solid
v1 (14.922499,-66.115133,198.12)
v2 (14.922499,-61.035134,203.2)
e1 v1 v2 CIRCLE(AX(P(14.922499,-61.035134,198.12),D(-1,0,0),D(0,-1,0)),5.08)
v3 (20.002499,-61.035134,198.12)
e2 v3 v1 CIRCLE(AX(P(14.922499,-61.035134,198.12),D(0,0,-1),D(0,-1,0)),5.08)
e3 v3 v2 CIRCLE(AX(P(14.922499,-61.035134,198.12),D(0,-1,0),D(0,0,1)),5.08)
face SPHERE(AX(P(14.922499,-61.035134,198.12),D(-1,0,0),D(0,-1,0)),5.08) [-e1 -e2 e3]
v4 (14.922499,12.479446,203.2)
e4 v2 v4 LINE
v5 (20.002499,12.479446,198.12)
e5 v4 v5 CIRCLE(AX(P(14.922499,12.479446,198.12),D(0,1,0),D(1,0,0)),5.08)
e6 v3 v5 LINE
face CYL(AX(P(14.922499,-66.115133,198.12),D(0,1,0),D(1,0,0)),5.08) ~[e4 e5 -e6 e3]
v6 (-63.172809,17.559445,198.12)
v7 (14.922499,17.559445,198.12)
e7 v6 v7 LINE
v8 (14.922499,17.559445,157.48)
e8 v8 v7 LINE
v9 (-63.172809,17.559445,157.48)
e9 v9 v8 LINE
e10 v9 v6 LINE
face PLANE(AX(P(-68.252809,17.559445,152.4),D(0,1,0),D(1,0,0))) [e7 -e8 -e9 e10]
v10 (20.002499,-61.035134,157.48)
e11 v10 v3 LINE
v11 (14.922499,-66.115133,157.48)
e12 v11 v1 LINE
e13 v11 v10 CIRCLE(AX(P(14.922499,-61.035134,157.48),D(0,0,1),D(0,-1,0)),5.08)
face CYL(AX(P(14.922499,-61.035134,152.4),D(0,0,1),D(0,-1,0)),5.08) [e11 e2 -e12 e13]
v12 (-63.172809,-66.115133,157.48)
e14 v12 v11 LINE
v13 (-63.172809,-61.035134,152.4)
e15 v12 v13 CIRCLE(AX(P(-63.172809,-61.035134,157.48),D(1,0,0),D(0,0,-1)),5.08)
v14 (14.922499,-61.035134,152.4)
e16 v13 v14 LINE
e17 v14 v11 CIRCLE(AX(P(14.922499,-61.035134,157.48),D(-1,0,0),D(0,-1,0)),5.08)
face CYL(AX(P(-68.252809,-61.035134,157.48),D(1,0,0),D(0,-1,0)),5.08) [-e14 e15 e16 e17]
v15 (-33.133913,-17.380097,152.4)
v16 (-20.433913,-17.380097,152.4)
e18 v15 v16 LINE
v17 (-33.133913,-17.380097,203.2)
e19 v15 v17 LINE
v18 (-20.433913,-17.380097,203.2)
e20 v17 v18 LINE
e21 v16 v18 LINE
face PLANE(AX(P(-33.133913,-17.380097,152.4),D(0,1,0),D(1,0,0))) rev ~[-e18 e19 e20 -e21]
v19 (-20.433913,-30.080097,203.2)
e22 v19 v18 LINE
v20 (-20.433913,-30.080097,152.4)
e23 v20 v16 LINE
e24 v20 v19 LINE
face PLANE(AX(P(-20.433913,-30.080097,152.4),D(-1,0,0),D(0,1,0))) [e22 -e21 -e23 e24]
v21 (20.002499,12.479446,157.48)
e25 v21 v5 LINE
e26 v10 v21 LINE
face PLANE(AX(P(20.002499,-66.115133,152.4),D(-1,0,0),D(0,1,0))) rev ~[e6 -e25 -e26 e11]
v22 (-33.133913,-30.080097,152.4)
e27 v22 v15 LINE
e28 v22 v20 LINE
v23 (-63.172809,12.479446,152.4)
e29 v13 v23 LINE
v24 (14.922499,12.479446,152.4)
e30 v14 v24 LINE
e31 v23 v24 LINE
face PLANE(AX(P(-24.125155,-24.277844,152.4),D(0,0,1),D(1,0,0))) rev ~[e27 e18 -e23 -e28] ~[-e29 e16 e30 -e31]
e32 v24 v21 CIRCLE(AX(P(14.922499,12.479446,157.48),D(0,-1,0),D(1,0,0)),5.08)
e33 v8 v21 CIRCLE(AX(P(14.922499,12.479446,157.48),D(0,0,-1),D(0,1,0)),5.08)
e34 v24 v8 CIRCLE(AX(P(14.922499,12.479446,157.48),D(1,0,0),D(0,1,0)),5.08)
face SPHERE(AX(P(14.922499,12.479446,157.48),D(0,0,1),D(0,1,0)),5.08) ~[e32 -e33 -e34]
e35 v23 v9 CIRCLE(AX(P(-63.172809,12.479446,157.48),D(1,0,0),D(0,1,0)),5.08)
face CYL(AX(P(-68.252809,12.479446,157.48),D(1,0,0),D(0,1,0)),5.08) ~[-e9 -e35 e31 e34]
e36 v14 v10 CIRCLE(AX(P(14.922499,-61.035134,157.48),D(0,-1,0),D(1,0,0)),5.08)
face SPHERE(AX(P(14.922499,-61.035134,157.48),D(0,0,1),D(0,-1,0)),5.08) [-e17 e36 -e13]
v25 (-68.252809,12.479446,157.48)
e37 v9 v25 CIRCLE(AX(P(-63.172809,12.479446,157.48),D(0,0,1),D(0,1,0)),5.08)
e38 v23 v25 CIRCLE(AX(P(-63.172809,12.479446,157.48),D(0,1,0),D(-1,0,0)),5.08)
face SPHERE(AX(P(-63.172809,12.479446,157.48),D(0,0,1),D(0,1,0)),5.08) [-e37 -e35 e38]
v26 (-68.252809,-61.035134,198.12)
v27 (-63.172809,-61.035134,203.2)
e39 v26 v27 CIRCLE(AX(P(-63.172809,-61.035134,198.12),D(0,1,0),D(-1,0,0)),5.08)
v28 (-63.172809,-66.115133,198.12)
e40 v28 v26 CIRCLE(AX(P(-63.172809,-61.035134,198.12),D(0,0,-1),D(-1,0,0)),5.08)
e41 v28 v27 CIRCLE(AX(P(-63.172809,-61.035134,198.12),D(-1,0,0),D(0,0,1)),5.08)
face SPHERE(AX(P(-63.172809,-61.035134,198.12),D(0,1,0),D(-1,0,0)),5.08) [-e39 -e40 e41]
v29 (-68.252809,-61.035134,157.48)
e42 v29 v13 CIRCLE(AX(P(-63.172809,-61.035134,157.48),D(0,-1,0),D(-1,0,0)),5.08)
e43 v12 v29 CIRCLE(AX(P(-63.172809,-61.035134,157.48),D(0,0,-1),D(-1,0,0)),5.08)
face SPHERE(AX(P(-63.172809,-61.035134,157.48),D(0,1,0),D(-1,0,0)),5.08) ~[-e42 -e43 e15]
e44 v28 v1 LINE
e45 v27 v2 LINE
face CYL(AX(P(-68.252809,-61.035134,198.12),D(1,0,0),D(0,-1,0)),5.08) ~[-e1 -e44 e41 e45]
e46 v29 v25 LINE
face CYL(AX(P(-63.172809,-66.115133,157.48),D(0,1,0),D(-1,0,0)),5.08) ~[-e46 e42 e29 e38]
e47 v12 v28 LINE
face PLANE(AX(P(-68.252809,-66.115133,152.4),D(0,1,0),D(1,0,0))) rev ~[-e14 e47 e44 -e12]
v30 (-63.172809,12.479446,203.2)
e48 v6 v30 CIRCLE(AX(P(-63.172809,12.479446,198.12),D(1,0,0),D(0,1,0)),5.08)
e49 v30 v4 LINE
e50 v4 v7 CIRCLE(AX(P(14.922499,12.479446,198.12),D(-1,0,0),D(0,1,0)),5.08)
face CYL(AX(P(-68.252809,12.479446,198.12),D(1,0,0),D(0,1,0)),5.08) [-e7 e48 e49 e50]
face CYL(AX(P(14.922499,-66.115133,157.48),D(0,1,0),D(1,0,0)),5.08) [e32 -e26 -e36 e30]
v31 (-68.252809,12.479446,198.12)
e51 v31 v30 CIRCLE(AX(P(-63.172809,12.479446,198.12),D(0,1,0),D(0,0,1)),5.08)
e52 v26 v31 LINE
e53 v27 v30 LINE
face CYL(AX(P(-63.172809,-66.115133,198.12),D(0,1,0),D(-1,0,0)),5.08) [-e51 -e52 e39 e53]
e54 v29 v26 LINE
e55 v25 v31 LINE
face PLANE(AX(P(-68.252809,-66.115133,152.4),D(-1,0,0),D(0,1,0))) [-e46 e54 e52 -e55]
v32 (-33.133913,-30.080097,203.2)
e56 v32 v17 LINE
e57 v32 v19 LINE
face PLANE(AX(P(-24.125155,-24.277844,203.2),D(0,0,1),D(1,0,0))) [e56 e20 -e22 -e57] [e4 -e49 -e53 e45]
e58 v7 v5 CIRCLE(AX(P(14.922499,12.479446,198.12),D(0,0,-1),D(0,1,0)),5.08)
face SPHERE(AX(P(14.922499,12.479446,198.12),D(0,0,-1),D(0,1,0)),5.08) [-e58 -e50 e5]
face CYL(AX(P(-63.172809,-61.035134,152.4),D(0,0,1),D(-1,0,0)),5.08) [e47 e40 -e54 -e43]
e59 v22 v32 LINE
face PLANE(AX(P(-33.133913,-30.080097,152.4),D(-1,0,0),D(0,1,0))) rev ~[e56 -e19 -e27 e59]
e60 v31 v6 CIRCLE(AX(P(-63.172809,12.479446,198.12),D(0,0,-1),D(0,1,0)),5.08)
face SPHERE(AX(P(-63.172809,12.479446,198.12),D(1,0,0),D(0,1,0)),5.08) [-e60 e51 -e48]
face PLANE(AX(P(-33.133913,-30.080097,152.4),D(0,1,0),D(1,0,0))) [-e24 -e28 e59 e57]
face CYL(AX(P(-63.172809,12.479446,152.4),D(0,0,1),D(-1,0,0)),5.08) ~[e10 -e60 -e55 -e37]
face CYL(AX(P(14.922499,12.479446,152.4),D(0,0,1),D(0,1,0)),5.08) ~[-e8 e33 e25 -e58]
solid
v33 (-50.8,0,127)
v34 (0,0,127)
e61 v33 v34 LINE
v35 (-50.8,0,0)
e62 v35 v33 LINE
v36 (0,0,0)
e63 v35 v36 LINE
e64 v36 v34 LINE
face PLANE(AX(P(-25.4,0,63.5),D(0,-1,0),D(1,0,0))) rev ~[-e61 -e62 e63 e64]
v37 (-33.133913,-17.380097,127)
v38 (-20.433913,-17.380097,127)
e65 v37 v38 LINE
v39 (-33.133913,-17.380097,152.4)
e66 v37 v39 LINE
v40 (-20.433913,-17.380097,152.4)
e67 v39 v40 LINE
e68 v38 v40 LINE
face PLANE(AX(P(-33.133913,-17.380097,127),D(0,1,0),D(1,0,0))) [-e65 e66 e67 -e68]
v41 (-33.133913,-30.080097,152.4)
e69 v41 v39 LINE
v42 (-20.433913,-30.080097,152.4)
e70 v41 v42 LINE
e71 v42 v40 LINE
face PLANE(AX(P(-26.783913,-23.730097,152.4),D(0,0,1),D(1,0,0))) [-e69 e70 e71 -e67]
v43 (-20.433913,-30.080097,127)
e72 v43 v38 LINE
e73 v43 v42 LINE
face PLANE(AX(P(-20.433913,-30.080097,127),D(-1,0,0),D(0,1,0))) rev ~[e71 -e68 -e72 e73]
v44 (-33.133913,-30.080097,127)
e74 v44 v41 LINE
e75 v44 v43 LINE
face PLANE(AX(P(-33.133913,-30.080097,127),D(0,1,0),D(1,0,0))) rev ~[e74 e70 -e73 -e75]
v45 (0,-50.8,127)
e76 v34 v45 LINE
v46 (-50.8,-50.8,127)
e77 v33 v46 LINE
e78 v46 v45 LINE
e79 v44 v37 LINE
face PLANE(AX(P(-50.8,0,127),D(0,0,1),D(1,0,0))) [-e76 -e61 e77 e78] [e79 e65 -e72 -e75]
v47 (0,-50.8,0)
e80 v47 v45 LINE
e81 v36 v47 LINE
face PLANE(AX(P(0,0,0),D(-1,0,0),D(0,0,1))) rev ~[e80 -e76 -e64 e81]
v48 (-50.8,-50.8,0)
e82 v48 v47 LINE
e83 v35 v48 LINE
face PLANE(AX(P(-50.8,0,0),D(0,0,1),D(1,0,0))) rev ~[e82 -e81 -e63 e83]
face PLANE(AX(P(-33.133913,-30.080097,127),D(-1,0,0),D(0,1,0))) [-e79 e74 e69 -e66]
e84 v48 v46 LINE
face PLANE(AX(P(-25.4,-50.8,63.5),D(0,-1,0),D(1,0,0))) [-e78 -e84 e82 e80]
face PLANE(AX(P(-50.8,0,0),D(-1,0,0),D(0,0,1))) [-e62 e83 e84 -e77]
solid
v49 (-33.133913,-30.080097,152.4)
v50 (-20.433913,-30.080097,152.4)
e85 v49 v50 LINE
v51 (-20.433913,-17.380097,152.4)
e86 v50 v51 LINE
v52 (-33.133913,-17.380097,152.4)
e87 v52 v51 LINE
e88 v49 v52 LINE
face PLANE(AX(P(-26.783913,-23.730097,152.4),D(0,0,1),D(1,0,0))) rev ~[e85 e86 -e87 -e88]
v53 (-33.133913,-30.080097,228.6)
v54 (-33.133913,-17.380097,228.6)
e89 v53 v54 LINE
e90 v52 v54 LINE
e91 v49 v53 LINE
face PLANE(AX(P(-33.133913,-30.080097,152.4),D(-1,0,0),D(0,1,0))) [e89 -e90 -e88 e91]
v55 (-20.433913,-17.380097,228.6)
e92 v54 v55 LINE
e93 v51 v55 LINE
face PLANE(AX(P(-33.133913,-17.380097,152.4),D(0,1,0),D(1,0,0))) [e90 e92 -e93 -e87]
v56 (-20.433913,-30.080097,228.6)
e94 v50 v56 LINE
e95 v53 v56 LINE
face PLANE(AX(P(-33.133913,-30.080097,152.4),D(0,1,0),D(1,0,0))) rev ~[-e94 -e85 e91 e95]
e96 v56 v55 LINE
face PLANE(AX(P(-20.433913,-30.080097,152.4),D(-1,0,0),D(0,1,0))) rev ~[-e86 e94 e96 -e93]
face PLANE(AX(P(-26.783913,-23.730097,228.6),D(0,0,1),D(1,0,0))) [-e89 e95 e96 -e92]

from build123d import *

# Parameters (mm, degrees)
F0_W      = 50.8
F0_H      = 127
F1_DEPTH  = 50.8
F2_W      = 12.7
F2_H      = 12.7
F3_DEPTH  = 25.4
F4_W      = 88.255308
F4_H      = 83.674579
F4_W_2    = 12.7
F4_H_2    = 12.7
F5_DEPTH  = 50.8
F3_FACE_W = 12.7
F3_FACE_H = 12.7
F6_DEPTH  = 76.2
F7_R      = 5.08


with BuildPart() as f1:
    # F0 (on Front) → F1 (new body)
    with BuildSketch(Plane.XZ):
        with Locations((-25.4, 63.5)):
            Rectangle(F0_W, F0_H)
    extrude(amount=F1_DEPTH)

    # F2 (on face) → F3 (join)
    with BuildSketch(Plane.XY.offset(127)):
        with Locations((-26.783913, -23.730097)):
            Rectangle(F2_W, F2_H)
    extrude(amount=F3_DEPTH)


with BuildPart() as f5:
    # F4 (on face) → F5 (new body)
    with BuildSketch(Plane.XY.offset(152.4)):
        with Locations((-24.125155, -24.277844)):
            Rectangle(F4_W, F4_H)
        with Locations((-26.783913, -23.730097)):
            Rectangle(F4_W_2, F4_H_2, mode=Mode.SUBTRACT)
    extrude(amount=F5_DEPTH)

    # F7
    f7_edges = [f5.edges().sort_by_distance(p)[0] for p in [
        (20.002499, 17.559446, 177.8),
        (-24.125155, 17.559446, 203.2),
        (-68.252809, 17.559446, 177.8),
        (-24.125155, 17.559446, 152.4),
        (-68.252809, -24.277844, 203.2),
        (-68.252809, -24.277844, 152.4),
        (-68.252809, -66.115133, 177.8),
        (-24.125155, -66.115133, 203.2),
        (20.002499, -66.115133, 177.8),
        (-24.125155, -66.115133, 152.4),
        (20.002499, -24.277844, 203.2),
        (20.002499, -24.277844, 152.4),
    ]]
    fillet(f7_edges, radius=F7_R)


with BuildPart() as f6:
    # F3_face (on face) → F6 (new body)
    with BuildSketch(Plane(origin=(-26.783913, -23.730097, 152.4), x_dir=(1, 0, 0), z_dir=(0, 0, 1))):
        Rectangle(F3_FACE_W, F3_FACE_H)
    extrude(amount=F6_DEPTH)


solid = Compound([f1.part, f5.part, f6.part])
